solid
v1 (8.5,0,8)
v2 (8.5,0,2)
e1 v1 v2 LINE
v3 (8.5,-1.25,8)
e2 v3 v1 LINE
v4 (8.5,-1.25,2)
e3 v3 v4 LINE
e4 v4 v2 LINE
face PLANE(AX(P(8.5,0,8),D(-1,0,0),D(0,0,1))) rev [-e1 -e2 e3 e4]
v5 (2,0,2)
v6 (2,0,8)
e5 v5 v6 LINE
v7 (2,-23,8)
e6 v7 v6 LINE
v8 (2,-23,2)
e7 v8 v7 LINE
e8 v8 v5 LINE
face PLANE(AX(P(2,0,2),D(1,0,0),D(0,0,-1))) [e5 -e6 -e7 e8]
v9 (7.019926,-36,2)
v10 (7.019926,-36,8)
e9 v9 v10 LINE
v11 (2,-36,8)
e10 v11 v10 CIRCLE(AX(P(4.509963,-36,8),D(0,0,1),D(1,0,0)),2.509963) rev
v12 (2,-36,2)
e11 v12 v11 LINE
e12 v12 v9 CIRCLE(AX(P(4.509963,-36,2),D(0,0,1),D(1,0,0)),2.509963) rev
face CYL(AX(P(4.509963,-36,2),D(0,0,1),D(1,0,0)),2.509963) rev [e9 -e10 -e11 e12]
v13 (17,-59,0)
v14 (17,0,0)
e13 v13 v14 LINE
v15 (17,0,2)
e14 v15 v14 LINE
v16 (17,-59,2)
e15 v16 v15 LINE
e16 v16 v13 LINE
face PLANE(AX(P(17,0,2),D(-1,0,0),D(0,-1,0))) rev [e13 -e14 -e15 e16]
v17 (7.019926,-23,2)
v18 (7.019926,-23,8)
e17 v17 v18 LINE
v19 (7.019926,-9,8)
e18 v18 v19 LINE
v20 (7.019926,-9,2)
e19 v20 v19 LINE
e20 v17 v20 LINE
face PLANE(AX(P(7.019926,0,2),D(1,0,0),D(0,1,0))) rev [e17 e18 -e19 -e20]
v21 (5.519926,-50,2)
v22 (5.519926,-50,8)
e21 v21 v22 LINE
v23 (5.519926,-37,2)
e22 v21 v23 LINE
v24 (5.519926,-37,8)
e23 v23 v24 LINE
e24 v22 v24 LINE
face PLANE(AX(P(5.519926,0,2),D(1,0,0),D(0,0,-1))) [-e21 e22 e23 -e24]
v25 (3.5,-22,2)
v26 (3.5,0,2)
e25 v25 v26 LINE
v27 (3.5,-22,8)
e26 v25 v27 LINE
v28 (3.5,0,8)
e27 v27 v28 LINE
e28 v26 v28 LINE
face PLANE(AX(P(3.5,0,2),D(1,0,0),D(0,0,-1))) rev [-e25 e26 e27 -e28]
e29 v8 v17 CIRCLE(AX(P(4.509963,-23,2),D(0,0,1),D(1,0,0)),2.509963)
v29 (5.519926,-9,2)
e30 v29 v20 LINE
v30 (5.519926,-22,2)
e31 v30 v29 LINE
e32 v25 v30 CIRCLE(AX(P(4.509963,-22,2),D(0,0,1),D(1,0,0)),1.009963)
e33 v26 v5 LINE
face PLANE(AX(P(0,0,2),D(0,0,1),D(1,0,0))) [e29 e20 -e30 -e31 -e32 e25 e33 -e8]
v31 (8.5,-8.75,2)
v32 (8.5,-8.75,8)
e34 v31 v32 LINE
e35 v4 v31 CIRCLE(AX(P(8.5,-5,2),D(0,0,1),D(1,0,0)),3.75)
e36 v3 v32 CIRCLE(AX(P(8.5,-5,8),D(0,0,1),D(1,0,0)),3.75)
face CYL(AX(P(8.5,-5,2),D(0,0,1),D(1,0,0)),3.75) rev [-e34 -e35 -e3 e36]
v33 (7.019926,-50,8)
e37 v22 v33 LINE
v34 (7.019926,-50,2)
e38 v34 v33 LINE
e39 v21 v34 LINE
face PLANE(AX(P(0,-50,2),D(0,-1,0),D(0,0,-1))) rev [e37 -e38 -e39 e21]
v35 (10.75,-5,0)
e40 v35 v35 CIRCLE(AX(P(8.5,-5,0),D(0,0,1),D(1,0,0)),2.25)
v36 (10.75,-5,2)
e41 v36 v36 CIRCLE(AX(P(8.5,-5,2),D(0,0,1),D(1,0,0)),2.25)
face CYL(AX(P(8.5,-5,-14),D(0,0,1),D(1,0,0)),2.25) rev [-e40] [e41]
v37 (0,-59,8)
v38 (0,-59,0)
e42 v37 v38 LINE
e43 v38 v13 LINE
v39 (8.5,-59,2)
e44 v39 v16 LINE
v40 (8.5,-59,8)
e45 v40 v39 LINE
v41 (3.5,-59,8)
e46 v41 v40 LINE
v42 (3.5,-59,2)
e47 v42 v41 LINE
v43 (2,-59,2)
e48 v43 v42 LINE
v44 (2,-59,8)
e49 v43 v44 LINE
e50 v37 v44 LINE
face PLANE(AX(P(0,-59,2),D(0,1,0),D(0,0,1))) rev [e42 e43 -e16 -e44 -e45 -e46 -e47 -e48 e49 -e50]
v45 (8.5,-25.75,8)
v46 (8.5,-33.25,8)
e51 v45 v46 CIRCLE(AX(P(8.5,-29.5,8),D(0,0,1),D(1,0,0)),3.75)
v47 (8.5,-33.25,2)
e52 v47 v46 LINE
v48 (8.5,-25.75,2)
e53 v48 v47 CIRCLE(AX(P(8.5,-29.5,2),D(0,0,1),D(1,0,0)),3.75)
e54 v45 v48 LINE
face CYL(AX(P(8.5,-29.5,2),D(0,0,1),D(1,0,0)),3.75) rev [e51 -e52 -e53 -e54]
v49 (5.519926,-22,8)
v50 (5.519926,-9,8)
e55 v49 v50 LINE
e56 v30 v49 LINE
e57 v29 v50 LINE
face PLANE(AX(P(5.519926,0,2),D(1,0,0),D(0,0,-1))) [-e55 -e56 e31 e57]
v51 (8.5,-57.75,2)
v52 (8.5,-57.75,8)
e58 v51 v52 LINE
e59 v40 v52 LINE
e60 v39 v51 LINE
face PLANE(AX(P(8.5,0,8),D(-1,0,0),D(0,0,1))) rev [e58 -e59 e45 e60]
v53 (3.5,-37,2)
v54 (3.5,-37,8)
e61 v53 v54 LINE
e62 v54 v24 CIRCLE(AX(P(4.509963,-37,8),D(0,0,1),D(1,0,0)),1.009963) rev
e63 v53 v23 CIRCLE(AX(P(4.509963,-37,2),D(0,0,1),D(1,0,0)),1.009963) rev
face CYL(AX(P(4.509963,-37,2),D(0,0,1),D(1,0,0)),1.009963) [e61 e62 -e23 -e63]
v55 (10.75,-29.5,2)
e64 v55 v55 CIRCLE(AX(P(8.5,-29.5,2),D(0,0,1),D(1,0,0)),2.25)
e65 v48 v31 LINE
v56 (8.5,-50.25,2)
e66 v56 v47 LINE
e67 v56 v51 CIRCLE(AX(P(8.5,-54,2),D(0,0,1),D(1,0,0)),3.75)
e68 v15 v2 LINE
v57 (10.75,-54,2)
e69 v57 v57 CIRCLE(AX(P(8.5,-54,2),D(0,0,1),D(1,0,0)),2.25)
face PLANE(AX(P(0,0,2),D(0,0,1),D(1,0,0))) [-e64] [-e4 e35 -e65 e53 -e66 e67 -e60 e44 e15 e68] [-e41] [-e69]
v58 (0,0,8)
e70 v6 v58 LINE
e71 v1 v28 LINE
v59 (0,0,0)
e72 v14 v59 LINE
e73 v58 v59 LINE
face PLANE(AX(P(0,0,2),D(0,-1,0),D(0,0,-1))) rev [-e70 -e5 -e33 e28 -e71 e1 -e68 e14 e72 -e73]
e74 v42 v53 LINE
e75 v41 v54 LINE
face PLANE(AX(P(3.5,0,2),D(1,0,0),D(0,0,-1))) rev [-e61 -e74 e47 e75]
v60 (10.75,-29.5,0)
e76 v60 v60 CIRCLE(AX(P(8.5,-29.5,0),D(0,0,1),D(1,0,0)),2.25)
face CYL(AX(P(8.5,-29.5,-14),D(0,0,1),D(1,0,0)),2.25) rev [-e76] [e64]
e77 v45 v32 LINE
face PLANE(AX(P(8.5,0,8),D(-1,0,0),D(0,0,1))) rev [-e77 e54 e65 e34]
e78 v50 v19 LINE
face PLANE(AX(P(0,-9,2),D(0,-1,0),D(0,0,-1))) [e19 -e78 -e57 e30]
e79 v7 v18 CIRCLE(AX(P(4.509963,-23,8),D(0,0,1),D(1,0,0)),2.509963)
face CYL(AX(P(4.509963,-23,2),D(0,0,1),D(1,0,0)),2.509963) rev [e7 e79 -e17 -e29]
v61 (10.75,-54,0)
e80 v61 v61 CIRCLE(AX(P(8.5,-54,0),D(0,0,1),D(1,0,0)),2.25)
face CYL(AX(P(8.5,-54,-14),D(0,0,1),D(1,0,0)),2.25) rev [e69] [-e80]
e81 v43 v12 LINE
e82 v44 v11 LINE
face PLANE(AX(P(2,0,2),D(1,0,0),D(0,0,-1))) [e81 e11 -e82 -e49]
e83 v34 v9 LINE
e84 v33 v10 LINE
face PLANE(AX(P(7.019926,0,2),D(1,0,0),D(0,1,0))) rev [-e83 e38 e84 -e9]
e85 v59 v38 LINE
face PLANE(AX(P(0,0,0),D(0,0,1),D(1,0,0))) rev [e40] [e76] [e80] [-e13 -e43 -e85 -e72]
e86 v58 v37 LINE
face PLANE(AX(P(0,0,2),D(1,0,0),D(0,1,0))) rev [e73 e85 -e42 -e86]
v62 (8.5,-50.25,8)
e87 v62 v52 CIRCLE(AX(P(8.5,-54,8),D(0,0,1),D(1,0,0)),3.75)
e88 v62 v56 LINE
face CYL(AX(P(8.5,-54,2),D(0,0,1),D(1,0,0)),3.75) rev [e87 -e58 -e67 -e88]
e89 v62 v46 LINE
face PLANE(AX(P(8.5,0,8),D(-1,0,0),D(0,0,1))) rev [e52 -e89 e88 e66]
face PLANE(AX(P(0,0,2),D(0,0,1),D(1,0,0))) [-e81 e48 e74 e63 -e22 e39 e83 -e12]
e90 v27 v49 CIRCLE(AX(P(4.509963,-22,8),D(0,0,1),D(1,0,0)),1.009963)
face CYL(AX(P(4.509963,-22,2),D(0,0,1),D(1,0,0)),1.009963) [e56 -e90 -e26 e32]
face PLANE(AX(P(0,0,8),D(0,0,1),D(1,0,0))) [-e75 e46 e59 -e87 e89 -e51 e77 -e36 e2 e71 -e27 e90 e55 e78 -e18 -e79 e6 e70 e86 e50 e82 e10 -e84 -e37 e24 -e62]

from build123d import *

# Parameters (mm, degrees)
ESQUISSE1_W             = 17
ESQUISSE1_H             = 59
BOSS_EXTRU_1_DEPTH      = 2
ESQUISSE2_W             = 8.5
ESQUISSE2_H             = 59
BOSS_EXTRU_2_DEPTH      = 6
ENL_V_MAT_EXTRU_1_DEPTH = 6
ESQUISSE4_R             = 2.25
ENL_V_MAT_EXTRU_4_DEPTH = 22
ESQUISSE6_R             = 3.75
ENL_V_MAT_EXTRU_5_DEPTH = 6


with BuildPart() as part:
    # Esquisse1 → Boss.-Extru.1 (new body)
    with BuildSketch(Plane.XY):
        with Locations((8.5, -29.5)):
            Rectangle(ESQUISSE1_W, ESQUISSE1_H)
    extrude(amount=BOSS_EXTRU_1_DEPTH)

    # Esquisse2 → Boss.-Extru.2 (add)
    with BuildSketch(Plane.XY.offset(2)):
        with Locations((4.25, -29.5)):
            Rectangle(ESQUISSE2_W, ESQUISSE2_H)
    extrude(amount=BOSS_EXTRU_2_DEPTH)

    # Esquisse3 → Enlèv. mat.-Extru.1 (cut)
    with BuildSketch(Plane.XY.offset(8)):
        Polygon((5.519925502, -9), (5.519925502, -22), (5.519925502, -23), (7.019925502, -23), (7.019925502, -9), align=None)
        with BuildLine():
            Line((3.5, -23), (2, -23))
            ThreePointArc((2, -23), (2.408191843, -24.372032093), (3.5, -25.297800743))
            Line((3.5, -25.297800743), (3.5, -23))
        make_face()
        with BuildLine():
            Line((5.519925502, -23), (5.519925502, -25.297800743))
            ThreePointArc((5.519925502, -25.297800743), (6.611733659, -24.372032093), (7.019925502, -23))
            Line((7.019925502, -23), (5.519925502, -23))
        make_face()
        Polygon((5.519925502, -36), (5.519925502, -37), (5.519925502, -50), (7.019925502, -50), (7.019925502, -36), align=None)
        Polygon((2, -36), (2, -59), (3.5, -59), (3.5, -37), (3.5, -36), align=None)
        with BuildLine():
            Line((3.5, -33.702199257), (3.5, -36))
            Line((3.5, -36), (4.368453888, -36))
            ThreePointArc((4.368453888, -36), (4.509962751, -35.990037249), (4.651471614, -36))
            Line((4.651471614, -36), (5.519925502, -36))
            Line((5.519925502, -36), (5.519925502, -33.702199257))
            ThreePointArc((5.519925502, -33.702199257), (4.509962751, -33.490037249), (3.5, -33.702199257))
        make_face()
        with BuildLine():
            ThreePointArc((3.5, -33.702199257), (2.408191843, -34.627967907), (2, -36))
            Line((2, -36), (3.5, -36))
            Line((3.5, -36), (3.5, -33.702199257))
        make_face()
        with BuildLine():
            ThreePointArc((7.019925502, -36), (6.611733659, -34.627967907), (5.519925502, -33.702199257))
            Line((5.519925502, -33.702199257), (5.519925502, -36))
            Line((5.519925502, -36), (7.019925502, -36))
        make_face()
        with BuildLine():
            Line((4.368453888, -23), (3.5, -23))
            Line((3.5, -23), (3.5, -25.297800743))
            ThreePointArc((3.5, -25.297800743), (4.509962751, -25.509962751), (5.519925502, -25.297800743))
            Line((5.519925502, -25.297800743), (5.519925502, -23))
            Line((5.519925502, -23), (4.651471614, -23))
            ThreePointArc((4.651471614, -23), (4.509962751, -23.009962751), (4.368453888, -23))
        make_face()
        Polygon((2, 0), (2, -23), (3.5, -23), (3.5, -22), (3.5, 0), align=None)
        with BuildLine():
            Line((3.5, -22), (3.5, -23))
            Line((3.5, -23), (4.368453888, -23))
            ThreePointArc((4.368453888, -23), (3.747419821, -22.662233372), (3.5, -22))
        make_face()
        with BuildLine():
            Line((5.519925502, -23), (5.519925502, -22))
            ThreePointArc((5.519925502, -22), (5.272505681, -22.662233372), (4.651471614, -23))
            Line((4.651471614, -23), (5.519925502, -23))
        make_face()
        with BuildLine():
            Line((3.5, -36), (3.5, -37))
            ThreePointArc((3.5, -37), (3.747419821, -36.337766628), (4.368453888, -36))
            Line((4.368453888, -36), (3.5, -36))
        make_face()
        with BuildLine():
            ThreePointArc((4.651471614, -36), (5.272505681, -36.337766628), (5.519925502, -37))
            Line((5.519925502, -37), (5.519925502, -36))
            Line((5.519925502, -36), (4.651471614, -36))
        make_face()
    extrude(amount=-ENL_V_MAT_EXTRU_1_DEPTH, mode=Mode.SUBTRACT)

    # Esquisse4 → Enlèv. mat.-Extru.4 (cut)
    with BuildSketch(Plane.XY.offset(8)):
        with Locations((8.5, -29.5)):
            Circle(ESQUISSE4_R)
        with Locations((8.5, -54)):
            Circle(ESQUISSE4_R)
        with Locations((8.5, -5)):
            Circle(ESQUISSE4_R)
    extrude(amount=-ENL_V_MAT_EXTRU_4_DEPTH, mode=Mode.SUBTRACT)

    # Esquisse6 → Enlèv. mat.-Extru.5 (cut)
    with BuildSketch(Plane.XY.offset(8)):
        with Locations((8.5, -29.5)):
            Circle(ESQUISSE6_R)
        with Locations((8.5, -5)):
            Circle(ESQUISSE6_R)
        with Locations((8.5, -54)):
            Circle(ESQUISSE6_R)
    extrude(amount=-ENL_V_MAT_EXTRU_5_DEPTH, mode=Mode.SUBTRACT)


solid = part.part
